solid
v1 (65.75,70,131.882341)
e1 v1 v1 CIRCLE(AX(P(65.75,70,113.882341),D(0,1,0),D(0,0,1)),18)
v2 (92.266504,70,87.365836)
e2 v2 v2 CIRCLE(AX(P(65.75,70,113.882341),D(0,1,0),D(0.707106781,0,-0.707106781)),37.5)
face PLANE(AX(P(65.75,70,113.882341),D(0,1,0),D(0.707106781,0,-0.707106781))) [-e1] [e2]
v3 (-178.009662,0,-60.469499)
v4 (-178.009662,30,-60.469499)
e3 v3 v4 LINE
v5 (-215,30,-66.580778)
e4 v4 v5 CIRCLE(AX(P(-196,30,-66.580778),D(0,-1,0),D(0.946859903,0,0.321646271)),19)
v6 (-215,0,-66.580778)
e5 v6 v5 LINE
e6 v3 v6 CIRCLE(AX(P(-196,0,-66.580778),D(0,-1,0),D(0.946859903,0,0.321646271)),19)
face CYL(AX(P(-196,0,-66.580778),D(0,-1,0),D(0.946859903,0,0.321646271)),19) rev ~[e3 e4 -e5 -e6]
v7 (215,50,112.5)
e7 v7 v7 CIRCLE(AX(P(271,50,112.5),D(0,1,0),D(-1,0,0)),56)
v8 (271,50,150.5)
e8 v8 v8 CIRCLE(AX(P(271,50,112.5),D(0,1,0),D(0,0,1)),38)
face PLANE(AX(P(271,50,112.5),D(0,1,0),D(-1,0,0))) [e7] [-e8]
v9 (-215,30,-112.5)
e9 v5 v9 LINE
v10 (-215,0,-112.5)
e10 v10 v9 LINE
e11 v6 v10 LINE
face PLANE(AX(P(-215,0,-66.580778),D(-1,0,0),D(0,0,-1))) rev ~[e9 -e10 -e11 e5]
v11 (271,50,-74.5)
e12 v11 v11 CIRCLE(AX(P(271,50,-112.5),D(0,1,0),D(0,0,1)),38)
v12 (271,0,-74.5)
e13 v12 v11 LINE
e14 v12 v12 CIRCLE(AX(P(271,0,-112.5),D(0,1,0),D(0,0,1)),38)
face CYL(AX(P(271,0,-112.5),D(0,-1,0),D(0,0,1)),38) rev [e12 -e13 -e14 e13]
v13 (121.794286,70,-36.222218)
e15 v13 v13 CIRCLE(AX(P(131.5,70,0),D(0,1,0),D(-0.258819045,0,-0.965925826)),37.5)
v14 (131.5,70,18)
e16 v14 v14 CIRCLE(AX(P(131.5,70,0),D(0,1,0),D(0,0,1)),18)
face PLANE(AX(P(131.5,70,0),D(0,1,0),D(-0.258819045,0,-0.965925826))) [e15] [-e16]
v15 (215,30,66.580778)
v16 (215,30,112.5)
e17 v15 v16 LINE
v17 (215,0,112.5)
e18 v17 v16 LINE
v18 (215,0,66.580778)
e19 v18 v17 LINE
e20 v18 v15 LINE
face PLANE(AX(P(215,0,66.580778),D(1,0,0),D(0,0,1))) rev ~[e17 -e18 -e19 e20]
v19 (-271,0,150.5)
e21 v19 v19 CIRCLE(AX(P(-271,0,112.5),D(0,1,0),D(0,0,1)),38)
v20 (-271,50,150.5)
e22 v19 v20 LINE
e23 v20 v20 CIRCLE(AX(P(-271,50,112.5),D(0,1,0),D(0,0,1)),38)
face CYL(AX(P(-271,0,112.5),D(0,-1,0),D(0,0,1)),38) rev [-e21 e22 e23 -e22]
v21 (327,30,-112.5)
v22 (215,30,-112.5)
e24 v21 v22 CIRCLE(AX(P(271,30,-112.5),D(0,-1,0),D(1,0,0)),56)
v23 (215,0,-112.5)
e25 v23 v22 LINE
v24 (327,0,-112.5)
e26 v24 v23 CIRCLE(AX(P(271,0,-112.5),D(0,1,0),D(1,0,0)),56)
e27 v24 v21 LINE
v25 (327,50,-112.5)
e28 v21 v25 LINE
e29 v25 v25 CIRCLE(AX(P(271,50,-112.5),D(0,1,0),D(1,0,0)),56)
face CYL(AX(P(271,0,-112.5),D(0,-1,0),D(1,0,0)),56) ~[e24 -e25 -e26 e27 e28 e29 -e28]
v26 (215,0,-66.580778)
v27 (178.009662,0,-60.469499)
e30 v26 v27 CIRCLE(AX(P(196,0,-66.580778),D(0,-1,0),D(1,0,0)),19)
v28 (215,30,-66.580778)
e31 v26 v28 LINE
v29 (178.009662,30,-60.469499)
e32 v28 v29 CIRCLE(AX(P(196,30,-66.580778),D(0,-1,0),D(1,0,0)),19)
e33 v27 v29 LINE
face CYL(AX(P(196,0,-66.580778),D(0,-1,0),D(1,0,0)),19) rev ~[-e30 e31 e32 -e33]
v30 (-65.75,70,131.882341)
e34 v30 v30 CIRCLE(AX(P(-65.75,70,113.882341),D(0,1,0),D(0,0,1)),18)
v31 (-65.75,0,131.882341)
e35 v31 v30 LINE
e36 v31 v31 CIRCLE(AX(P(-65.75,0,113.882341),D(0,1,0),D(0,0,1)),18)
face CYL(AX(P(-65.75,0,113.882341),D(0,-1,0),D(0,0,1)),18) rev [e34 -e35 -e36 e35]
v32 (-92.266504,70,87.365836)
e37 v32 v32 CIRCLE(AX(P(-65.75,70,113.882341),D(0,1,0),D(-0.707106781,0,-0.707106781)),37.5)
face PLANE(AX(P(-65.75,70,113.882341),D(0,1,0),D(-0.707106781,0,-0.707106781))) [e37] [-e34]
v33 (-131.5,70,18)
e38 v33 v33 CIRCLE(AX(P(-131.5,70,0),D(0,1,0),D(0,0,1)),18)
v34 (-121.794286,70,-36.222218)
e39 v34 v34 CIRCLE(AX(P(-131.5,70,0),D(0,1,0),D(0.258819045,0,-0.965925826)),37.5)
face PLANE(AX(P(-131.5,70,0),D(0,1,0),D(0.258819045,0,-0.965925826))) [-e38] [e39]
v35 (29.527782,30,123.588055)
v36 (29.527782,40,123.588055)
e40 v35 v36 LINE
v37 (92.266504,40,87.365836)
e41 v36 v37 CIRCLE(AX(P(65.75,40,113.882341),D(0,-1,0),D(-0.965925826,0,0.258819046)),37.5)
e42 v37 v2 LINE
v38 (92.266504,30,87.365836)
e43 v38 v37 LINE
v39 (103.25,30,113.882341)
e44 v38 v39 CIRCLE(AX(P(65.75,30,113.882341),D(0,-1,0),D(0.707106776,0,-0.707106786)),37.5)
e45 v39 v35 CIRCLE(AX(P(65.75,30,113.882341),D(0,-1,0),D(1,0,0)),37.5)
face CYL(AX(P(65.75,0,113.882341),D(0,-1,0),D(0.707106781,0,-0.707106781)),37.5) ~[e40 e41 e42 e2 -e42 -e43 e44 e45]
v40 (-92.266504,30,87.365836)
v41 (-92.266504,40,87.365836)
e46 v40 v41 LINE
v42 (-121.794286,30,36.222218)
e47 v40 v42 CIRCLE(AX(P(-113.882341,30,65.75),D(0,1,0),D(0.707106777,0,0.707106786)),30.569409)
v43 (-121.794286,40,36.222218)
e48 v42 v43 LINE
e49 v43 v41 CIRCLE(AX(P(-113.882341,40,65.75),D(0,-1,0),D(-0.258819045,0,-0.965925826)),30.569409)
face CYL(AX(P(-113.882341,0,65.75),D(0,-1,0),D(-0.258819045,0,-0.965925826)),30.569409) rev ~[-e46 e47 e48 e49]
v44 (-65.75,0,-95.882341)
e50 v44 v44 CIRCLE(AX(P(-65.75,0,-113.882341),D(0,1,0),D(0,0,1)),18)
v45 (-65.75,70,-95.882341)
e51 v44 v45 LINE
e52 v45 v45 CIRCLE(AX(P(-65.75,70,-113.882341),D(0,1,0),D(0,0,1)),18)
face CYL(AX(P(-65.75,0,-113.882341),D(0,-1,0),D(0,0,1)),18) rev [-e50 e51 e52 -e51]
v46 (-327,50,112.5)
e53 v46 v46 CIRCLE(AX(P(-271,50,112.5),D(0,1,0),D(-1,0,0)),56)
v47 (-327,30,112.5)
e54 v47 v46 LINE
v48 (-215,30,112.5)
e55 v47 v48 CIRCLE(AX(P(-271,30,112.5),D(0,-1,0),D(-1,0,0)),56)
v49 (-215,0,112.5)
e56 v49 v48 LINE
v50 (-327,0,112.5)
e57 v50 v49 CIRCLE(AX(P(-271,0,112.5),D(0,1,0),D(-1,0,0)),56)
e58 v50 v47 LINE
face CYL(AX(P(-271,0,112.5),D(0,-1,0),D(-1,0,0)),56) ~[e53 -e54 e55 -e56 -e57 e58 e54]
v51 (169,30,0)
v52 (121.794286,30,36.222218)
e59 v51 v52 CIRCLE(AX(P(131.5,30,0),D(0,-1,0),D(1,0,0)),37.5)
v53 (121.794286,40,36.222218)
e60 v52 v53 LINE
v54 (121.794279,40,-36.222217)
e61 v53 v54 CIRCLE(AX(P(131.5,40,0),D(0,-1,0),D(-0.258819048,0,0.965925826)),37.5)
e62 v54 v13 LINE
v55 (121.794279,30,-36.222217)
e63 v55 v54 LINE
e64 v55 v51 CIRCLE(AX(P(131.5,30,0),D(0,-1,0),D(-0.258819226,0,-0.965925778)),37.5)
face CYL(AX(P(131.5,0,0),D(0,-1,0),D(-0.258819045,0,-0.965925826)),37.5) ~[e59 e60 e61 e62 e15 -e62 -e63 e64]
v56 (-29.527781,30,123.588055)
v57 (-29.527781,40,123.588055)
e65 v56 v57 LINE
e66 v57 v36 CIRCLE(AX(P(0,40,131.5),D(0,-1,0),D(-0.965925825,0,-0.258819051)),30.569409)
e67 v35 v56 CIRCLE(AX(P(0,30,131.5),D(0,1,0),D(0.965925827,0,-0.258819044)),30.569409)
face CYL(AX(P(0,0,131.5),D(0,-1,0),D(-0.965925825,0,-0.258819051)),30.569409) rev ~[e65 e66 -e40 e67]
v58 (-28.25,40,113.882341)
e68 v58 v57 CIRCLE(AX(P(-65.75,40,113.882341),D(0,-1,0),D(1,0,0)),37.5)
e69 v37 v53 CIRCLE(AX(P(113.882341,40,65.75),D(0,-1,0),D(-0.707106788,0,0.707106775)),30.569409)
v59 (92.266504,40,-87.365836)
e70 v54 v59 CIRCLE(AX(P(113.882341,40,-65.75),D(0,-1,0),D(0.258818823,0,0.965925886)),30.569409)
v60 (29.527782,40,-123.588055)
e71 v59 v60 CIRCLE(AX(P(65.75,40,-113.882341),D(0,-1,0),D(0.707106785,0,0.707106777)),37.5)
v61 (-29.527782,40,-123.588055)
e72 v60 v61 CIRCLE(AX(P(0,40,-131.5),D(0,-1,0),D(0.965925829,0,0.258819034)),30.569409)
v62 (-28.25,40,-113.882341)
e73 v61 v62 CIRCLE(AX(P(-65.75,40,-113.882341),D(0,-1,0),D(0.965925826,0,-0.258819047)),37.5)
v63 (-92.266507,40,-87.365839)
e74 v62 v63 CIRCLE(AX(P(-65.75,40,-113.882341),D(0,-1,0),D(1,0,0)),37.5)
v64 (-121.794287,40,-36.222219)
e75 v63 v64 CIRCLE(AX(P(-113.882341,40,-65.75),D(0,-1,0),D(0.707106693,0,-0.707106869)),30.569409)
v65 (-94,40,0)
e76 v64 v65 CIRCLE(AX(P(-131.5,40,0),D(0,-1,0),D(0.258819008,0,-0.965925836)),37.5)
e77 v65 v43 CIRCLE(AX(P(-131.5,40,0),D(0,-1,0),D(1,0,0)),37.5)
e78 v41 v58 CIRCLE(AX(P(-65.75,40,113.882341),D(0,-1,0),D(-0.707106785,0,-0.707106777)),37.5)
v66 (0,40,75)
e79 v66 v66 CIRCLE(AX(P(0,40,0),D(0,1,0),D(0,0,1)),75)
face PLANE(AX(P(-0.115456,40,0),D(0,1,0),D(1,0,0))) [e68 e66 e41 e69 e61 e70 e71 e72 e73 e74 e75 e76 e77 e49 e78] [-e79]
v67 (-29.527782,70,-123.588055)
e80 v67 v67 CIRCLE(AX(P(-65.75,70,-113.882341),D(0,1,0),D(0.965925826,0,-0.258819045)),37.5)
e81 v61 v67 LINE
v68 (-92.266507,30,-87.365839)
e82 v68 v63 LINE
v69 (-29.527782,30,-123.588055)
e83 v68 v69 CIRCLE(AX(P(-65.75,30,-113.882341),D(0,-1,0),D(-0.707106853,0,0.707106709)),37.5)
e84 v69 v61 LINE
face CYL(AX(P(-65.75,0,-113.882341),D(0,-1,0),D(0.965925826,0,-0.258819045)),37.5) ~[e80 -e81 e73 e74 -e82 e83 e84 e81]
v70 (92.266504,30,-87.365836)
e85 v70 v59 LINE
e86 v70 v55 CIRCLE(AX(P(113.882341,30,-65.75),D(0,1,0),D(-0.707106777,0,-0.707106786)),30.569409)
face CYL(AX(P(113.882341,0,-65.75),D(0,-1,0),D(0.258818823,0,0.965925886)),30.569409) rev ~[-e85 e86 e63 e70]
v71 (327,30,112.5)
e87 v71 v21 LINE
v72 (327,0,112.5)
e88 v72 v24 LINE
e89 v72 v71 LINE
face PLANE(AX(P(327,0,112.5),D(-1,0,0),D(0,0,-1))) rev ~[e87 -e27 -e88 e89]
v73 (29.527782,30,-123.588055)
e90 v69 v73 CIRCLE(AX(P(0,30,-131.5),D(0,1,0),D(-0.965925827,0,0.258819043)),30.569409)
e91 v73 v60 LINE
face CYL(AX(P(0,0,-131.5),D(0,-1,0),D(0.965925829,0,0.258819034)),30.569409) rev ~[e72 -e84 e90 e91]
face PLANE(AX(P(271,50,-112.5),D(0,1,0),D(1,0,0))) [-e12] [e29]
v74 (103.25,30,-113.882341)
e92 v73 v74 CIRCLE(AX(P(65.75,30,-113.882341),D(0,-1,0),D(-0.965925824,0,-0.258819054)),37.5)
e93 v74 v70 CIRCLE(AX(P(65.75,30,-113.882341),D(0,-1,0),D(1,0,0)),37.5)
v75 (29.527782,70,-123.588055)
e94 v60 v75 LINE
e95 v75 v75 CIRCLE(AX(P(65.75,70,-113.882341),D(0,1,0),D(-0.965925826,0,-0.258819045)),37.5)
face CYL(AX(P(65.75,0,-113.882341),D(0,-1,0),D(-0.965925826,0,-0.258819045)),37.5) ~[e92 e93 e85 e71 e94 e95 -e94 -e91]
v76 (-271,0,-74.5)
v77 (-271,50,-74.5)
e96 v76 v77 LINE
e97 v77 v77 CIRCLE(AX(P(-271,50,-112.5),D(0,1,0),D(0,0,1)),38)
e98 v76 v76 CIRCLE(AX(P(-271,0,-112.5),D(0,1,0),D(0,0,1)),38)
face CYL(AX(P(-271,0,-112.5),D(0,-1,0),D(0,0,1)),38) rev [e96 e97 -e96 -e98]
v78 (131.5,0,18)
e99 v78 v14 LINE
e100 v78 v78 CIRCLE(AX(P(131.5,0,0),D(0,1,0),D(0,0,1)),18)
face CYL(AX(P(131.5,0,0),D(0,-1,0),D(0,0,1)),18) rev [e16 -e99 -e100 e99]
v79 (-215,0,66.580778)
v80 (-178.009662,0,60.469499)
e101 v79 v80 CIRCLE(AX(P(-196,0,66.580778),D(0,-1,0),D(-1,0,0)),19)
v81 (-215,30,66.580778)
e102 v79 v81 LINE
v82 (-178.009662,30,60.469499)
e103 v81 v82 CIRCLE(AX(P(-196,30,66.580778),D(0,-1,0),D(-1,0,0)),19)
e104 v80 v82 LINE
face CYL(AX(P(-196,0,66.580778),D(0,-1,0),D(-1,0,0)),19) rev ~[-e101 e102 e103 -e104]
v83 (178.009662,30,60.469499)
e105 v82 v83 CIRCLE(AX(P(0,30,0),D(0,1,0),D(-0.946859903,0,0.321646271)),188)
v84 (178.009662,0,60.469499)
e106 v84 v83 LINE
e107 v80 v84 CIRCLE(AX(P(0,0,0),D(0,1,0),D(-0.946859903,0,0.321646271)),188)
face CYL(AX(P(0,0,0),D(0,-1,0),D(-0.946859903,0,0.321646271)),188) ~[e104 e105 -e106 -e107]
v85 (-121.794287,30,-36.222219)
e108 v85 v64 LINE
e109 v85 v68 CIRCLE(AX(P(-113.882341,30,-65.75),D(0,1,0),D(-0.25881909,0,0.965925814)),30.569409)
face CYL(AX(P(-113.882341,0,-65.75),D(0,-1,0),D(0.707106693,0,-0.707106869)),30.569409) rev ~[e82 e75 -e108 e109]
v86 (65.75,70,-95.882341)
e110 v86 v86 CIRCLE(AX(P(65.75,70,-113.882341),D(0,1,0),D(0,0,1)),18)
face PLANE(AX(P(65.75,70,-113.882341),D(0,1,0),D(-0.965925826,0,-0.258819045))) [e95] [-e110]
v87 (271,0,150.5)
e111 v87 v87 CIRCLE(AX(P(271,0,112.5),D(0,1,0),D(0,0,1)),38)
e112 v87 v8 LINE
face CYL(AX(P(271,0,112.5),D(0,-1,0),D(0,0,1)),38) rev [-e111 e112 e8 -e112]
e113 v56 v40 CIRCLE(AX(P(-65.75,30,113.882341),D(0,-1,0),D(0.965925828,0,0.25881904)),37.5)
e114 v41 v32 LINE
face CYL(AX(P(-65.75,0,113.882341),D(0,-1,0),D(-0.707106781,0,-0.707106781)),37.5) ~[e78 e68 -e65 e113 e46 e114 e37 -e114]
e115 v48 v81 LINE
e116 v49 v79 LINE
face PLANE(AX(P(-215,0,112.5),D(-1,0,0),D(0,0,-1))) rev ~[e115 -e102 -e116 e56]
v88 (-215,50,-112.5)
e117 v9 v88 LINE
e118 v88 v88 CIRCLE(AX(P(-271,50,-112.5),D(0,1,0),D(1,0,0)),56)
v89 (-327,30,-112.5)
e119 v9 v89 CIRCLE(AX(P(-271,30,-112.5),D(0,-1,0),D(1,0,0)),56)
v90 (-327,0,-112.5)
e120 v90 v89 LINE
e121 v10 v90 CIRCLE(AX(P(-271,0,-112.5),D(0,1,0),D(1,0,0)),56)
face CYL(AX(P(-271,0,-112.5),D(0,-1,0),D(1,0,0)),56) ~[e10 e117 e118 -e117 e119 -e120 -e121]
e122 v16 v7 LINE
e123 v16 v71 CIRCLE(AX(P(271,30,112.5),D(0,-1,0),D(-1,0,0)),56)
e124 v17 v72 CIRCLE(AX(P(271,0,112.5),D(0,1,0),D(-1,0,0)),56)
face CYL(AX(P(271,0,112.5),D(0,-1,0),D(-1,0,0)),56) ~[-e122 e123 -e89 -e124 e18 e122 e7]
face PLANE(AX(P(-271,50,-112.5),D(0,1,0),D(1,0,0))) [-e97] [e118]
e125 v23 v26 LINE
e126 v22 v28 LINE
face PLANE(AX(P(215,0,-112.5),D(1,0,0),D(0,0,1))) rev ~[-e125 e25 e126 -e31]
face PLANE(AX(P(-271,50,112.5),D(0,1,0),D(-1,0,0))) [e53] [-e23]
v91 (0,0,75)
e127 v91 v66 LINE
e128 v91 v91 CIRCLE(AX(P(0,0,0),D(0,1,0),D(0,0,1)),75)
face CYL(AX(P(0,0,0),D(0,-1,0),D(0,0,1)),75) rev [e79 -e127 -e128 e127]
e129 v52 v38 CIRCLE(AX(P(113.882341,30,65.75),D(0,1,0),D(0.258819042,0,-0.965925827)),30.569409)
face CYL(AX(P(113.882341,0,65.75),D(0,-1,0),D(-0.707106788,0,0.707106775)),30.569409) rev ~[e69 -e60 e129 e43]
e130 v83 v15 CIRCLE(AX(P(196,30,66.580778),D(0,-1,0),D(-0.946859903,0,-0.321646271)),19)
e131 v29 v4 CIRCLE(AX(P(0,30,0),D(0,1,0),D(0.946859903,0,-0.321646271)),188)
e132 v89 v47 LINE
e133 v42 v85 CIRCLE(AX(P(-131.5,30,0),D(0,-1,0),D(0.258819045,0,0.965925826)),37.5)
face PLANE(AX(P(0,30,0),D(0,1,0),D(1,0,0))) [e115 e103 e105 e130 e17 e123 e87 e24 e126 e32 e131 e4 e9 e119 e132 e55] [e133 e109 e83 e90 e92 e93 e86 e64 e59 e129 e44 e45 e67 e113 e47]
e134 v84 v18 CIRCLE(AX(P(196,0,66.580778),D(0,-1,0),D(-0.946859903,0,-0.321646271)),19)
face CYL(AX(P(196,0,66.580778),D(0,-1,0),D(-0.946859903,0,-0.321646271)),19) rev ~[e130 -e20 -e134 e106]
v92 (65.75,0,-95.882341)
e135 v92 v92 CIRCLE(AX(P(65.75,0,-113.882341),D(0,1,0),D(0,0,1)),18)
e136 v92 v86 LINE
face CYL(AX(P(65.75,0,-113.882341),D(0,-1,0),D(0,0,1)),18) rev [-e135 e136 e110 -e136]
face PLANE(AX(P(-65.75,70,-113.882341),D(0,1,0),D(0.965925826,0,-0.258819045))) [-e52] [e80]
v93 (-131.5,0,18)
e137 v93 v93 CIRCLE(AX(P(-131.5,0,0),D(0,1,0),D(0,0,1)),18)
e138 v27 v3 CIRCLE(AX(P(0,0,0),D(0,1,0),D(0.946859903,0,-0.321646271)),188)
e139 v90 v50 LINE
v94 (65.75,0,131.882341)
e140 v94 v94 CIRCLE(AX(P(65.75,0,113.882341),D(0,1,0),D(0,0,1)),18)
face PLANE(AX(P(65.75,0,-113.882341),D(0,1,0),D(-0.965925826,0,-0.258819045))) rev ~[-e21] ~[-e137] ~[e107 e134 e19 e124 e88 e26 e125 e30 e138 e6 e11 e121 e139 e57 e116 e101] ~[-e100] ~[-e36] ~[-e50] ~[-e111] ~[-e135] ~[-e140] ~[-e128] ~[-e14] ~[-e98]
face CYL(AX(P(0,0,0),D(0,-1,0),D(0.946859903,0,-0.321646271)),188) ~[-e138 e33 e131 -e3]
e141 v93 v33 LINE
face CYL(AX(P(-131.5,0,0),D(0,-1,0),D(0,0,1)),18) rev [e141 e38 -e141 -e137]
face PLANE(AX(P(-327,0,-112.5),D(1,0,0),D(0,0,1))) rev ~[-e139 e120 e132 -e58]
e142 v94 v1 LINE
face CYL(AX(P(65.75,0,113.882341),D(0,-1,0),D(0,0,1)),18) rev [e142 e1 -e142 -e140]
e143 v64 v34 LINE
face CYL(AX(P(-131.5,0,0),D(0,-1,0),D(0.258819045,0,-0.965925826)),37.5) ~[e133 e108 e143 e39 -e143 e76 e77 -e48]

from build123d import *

# Parameters (mm, degrees)
BOSS_EXTRUDE1_DEPTH = 30
SKETCH1_3_R         = 56
SKETCH1_3_R_2       = 38
BOSS_EXTRUDE2_DEPTH = 50
SKETCH1_4_R         = 75
BOSS_EXTRUDE3_DEPTH = 40
SKETCH1_5_R         = 37.5
SKETCH1_5_R_2       = 18
BOSS_EXTRUDE4_DEPTH = 70


with BuildPart() as part:
    # Sketch1 → Boss-Extrude1 (new body)
    with BuildSketch(Plane(origin=(0, 0, 0), x_dir=(1, 0, 0), z_dir=(0, 1, 0))):
        with BuildLine():
            Line((-215, 66.580778007), (-215, 112.5))
            ThreePointArc((-215, 112.5), (-271, 56.5), (-327, 112.5))
            Line((-327, 112.5), (-327, -112.5))
            ThreePointArc((-327, -112.5), (-271, -56.5), (-215, -112.5))
            Line((-215, -112.5), (-215, -66.580778007))
            ThreePointArc((-215, -66.580778007), (-199.097061097, -47.83489279), (-178.009661836, -60.469498866))
            ThreePointArc((-178.009661836, -60.469498866), (0, -188), (178.009661836, -60.469498866))
            ThreePointArc((178.009661836, -60.469498866), (199.097061097, -47.83489279), (215, -66.580778007))
            Line((215, -66.580778007), (215, -112.5))
            ThreePointArc((215, -112.5), (271, -56.5), (327, -112.5))
            Line((327, -112.5), (327, 112.5))
            ThreePointArc((327, 112.5), (271, 56.5), (215, 112.5))
            Line((215, 112.5), (215, 66.580778007))
            ThreePointArc((215, 66.580778007), (199.097061097, 47.83489279), (178.009661836, 60.469498866))
            ThreePointArc((178.009661836, 60.469498866), (0, 188), (-178.009661836, 60.469498866))
            ThreePointArc((-178.009661836, 60.469498866), (-199.097061097, 47.83489279), (-215, 66.580778007))
        make_face()
        with BuildLine():
            ThreePointArc((121.794279026, 36.222216668), (154.328550802, 29.750752398), (169, 0))
            ThreePointArc((169, 0), (154.328553545, -29.750750294), (121.794285703, -36.222218458))
            ThreePointArc((121.794285703, -36.222218458), (87.408455986, -50.465295497), (92.266504099, -87.365836108))
            ThreePointArc((92.266504099, -87.365836108), (100.395482416, -99.531711756), (103.25, -113.882340598))
            ThreePointArc((103.25, -113.882340598), (70.644732229, -151.061522896), (29.527781525, -123.58805483))
            ThreePointArc((29.527781525, -123.58805483), (1.17e-07, -100.930591138), (-29.527781464, -123.588054603))
            ThreePointArc((-29.527781464, -123.588054603), (-84.499999831, -146.358293337), (-92.266504435, -87.365836444))
            ThreePointArc((-92.266504435, -87.365836444), (-87.408455896, -50.465295654), (-121.794285812, -36.222218487))
            ThreePointArc((-121.794285812, -36.222218487), (-169, -7.12e-07), (-121.794287187, 36.222218855))
            ThreePointArc((-121.794287187, 36.222218855), (-87.408455347, 50.465296604), (-92.266506993, 87.365839002))
            ThreePointArc((-92.266506993, 87.365839002), (-84.499998373, 146.358294179), (-29.527781529, 123.588054845))
            ThreePointArc((-29.527781529, 123.588054845), (1.47e-07, 100.930591138), (29.527781605, 123.58805513))
            ThreePointArc((29.527781605, 123.58805513), (70.644732383, 151.061522876), (103.25, 113.882340598))
            ThreePointArc((103.25, 113.882340598), (100.395482507, 99.531711976), (92.266504435, 87.365836444))
            ThreePointArc((92.266504435, 87.365836444), (87.408454139, 50.465298696), (121.794279026, 36.222216668))
        make_face(mode=Mode.SUBTRACT)
    extrude(amount=BOSS_EXTRUDE1_DEPTH)

    # Sketch1<3> → Boss-Extrude2 (add)
    # profile 1 of 4: a face of its own
    with BuildSketch(Plane(origin=(0, 0, 0), x_dir=(1, 0, 0), z_dir=(0, 1, 0))):
        with Locations((-271, 112.5)):
            Circle(SKETCH1_3_R)
        with Locations((-271, 112.5)):
            Circle(SKETCH1_3_R_2, mode=Mode.SUBTRACT)
    # profile 2 of 4: a face of its own
    with BuildSketch(Plane(origin=(0, 0, 0), x_dir=(1, 0, 0), z_dir=(0, 1, 0))):
        with Locations((-271, -112.5)):
            Circle(SKETCH1_3_R)
        with Locations((-271, -112.5)):
            Circle(SKETCH1_3_R_2, mode=Mode.SUBTRACT)
    # profile 3 of 4: a face of its own
    with BuildSketch(Plane(origin=(0, 0, 0), x_dir=(1, 0, 0), z_dir=(0, 1, 0))):
        with Locations((271, 112.5)):
            Circle(SKETCH1_3_R)
        with Locations((271, 112.5)):
            Circle(SKETCH1_3_R_2, mode=Mode.SUBTRACT)
    # profile 4 of 4: a face of its own
    with BuildSketch(Plane(origin=(0, 0, 0), x_dir=(1, 0, 0), z_dir=(0, 1, 0))):
        with Locations((271, -112.5)):
            Circle(SKETCH1_3_R)
        with Locations((271, -112.5)):
            Circle(SKETCH1_3_R_2, mode=Mode.SUBTRACT)
    extrude(amount=BOSS_EXTRUDE2_DEPTH)

    # Sketch1<4> → Boss-Extrude3 (add)
    with BuildSketch(Plane(origin=(0, 0, 0), x_dir=(1, 0, 0), z_dir=(0, 1, 0))):
        with BuildLine():
            ThreePointArc((121.794285703, -36.222218458), (94, -3.457e-06), (121.794279026, 36.222216668))
            ThreePointArc((121.794279026, 36.222216668), (87.408454139, 50.465298696), (92.266504435, 87.365836444))
            ThreePointArc((92.266504435, 87.365836444), (46.999999933, 81.406387994), (29.527781605, 123.58805513))
            ThreePointArc((29.527781605, 123.58805513), (1.47e-07, 100.930591138), (-29.527781529, 123.588054845))
            ThreePointArc((-29.527781529, 123.588054845), (-28.570817702, 118.777072835), (-28.25, 113.882340598))
            ThreePointArc((-28.25, 113.882340598), (-51.399373049, 79.236857398), (-92.266506993, 87.365839002))
            ThreePointArc((-92.266506993, 87.365839002), (-87.408455347, 50.465296604), (-121.794287187, 36.222218855))
            ThreePointArc((-121.794287187, 36.222218855), (-101.749250173, 22.828554154), (-94, 0))
            ThreePointArc((-94, 0), (-101.74924974, -22.828553589), (-121.794285812, -36.222218487))
            ThreePointArc((-121.794285812, -36.222218487), (-87.408455896, -50.465295654), (-92.266504435, -87.365836444))
            ThreePointArc((-92.266504435, -87.365836444), (-51.399371378, -79.23685809), (-28.25, -113.882340598))
            ThreePointArc((-28.25, -113.882340598), (-28.570817686, -118.777072711), (-29.527781464, -123.588054603))
            ThreePointArc((-29.527781464, -123.588054603), (1.17e-07, -100.930591138), (29.527781525, -123.58805483))
            ThreePointArc((29.527781525, -123.58805483), (46.999999862, -81.406388035), (92.266504099, -87.365836108))
            ThreePointArc((92.266504099, -87.365836108), (87.408455986, -50.465295497), (121.794285703, -36.222218458))
        make_face()
        Circle(SKETCH1_4_R, mode=Mode.SUBTRACT)
    extrude(amount=BOSS_EXTRUDE3_DEPTH)

    # Sketch1<5> → Boss-Extrude4 (add)
    # profile 1 of 6: a face of its own
    with BuildSketch(Plane(origin=(0, 0, 0), x_dir=(1, 0, 0), z_dir=(0, 1, 0))):
        with Locations((131.5, 0)):
            Circle(SKETCH1_5_R)
        with Locations((131.5, 0)):
            Circle(SKETCH1_5_R_2, mode=Mode.SUBTRACT)
    # profile 2 of 6: a face of its own
    with BuildSketch(Plane(origin=(0, 0, 0), x_dir=(1, 0, 0), z_dir=(0, 1, 0))):
        with Locations((65.75, 113.882340598)):
            Circle(SKETCH1_5_R)
        with Locations((65.75, 113.882340598)):
            Circle(SKETCH1_5_R_2, mode=Mode.SUBTRACT)
    # profile 3 of 6: a face of its own
    with BuildSketch(Plane(origin=(0, 0, 0), x_dir=(1, 0, 0), z_dir=(0, 1, 0))):
        with Locations((65.75, -113.882340598)):
            Circle(SKETCH1_5_R)
        with Locations((65.75, -113.882340598)):
            Circle(SKETCH1_5_R_2, mode=Mode.SUBTRACT)
    # profile 4 of 6: a face of its own
    with BuildSketch(Plane(origin=(0, 0, 0), x_dir=(1, 0, 0), z_dir=(0, 1, 0))):
        with Locations((-65.75, 113.882340598)):
            Circle(SKETCH1_5_R)
        with Locations((-65.75, 113.882340598)):
            Circle(SKETCH1_5_R_2, mode=Mode.SUBTRACT)
    # profile 5 of 6: a face of its own
    with BuildSketch(Plane(origin=(0, 0, 0), x_dir=(1, 0, 0), z_dir=(0, 1, 0))):
        with Locations((-65.75, -113.882340598)):
            Circle(SKETCH1_5_R)
        with Locations((-65.75, -113.882340598)):
            Circle(SKETCH1_5_R_2, mode=Mode.SUBTRACT)
    # profile 6 of 6: a face of its own
    with BuildSketch(Plane(origin=(0, 0, 0), x_dir=(1, 0, 0), z_dir=(0, 1, 0))):
        with Locations((-131.5, 0)):
            Circle(SKETCH1_5_R)
        with Locations((-131.5, 0)):
            Circle(SKETCH1_5_R_2, mode=Mode.SUBTRACT)
    extrude(amount=BOSS_EXTRUDE4_DEPTH)


solid = part.part
